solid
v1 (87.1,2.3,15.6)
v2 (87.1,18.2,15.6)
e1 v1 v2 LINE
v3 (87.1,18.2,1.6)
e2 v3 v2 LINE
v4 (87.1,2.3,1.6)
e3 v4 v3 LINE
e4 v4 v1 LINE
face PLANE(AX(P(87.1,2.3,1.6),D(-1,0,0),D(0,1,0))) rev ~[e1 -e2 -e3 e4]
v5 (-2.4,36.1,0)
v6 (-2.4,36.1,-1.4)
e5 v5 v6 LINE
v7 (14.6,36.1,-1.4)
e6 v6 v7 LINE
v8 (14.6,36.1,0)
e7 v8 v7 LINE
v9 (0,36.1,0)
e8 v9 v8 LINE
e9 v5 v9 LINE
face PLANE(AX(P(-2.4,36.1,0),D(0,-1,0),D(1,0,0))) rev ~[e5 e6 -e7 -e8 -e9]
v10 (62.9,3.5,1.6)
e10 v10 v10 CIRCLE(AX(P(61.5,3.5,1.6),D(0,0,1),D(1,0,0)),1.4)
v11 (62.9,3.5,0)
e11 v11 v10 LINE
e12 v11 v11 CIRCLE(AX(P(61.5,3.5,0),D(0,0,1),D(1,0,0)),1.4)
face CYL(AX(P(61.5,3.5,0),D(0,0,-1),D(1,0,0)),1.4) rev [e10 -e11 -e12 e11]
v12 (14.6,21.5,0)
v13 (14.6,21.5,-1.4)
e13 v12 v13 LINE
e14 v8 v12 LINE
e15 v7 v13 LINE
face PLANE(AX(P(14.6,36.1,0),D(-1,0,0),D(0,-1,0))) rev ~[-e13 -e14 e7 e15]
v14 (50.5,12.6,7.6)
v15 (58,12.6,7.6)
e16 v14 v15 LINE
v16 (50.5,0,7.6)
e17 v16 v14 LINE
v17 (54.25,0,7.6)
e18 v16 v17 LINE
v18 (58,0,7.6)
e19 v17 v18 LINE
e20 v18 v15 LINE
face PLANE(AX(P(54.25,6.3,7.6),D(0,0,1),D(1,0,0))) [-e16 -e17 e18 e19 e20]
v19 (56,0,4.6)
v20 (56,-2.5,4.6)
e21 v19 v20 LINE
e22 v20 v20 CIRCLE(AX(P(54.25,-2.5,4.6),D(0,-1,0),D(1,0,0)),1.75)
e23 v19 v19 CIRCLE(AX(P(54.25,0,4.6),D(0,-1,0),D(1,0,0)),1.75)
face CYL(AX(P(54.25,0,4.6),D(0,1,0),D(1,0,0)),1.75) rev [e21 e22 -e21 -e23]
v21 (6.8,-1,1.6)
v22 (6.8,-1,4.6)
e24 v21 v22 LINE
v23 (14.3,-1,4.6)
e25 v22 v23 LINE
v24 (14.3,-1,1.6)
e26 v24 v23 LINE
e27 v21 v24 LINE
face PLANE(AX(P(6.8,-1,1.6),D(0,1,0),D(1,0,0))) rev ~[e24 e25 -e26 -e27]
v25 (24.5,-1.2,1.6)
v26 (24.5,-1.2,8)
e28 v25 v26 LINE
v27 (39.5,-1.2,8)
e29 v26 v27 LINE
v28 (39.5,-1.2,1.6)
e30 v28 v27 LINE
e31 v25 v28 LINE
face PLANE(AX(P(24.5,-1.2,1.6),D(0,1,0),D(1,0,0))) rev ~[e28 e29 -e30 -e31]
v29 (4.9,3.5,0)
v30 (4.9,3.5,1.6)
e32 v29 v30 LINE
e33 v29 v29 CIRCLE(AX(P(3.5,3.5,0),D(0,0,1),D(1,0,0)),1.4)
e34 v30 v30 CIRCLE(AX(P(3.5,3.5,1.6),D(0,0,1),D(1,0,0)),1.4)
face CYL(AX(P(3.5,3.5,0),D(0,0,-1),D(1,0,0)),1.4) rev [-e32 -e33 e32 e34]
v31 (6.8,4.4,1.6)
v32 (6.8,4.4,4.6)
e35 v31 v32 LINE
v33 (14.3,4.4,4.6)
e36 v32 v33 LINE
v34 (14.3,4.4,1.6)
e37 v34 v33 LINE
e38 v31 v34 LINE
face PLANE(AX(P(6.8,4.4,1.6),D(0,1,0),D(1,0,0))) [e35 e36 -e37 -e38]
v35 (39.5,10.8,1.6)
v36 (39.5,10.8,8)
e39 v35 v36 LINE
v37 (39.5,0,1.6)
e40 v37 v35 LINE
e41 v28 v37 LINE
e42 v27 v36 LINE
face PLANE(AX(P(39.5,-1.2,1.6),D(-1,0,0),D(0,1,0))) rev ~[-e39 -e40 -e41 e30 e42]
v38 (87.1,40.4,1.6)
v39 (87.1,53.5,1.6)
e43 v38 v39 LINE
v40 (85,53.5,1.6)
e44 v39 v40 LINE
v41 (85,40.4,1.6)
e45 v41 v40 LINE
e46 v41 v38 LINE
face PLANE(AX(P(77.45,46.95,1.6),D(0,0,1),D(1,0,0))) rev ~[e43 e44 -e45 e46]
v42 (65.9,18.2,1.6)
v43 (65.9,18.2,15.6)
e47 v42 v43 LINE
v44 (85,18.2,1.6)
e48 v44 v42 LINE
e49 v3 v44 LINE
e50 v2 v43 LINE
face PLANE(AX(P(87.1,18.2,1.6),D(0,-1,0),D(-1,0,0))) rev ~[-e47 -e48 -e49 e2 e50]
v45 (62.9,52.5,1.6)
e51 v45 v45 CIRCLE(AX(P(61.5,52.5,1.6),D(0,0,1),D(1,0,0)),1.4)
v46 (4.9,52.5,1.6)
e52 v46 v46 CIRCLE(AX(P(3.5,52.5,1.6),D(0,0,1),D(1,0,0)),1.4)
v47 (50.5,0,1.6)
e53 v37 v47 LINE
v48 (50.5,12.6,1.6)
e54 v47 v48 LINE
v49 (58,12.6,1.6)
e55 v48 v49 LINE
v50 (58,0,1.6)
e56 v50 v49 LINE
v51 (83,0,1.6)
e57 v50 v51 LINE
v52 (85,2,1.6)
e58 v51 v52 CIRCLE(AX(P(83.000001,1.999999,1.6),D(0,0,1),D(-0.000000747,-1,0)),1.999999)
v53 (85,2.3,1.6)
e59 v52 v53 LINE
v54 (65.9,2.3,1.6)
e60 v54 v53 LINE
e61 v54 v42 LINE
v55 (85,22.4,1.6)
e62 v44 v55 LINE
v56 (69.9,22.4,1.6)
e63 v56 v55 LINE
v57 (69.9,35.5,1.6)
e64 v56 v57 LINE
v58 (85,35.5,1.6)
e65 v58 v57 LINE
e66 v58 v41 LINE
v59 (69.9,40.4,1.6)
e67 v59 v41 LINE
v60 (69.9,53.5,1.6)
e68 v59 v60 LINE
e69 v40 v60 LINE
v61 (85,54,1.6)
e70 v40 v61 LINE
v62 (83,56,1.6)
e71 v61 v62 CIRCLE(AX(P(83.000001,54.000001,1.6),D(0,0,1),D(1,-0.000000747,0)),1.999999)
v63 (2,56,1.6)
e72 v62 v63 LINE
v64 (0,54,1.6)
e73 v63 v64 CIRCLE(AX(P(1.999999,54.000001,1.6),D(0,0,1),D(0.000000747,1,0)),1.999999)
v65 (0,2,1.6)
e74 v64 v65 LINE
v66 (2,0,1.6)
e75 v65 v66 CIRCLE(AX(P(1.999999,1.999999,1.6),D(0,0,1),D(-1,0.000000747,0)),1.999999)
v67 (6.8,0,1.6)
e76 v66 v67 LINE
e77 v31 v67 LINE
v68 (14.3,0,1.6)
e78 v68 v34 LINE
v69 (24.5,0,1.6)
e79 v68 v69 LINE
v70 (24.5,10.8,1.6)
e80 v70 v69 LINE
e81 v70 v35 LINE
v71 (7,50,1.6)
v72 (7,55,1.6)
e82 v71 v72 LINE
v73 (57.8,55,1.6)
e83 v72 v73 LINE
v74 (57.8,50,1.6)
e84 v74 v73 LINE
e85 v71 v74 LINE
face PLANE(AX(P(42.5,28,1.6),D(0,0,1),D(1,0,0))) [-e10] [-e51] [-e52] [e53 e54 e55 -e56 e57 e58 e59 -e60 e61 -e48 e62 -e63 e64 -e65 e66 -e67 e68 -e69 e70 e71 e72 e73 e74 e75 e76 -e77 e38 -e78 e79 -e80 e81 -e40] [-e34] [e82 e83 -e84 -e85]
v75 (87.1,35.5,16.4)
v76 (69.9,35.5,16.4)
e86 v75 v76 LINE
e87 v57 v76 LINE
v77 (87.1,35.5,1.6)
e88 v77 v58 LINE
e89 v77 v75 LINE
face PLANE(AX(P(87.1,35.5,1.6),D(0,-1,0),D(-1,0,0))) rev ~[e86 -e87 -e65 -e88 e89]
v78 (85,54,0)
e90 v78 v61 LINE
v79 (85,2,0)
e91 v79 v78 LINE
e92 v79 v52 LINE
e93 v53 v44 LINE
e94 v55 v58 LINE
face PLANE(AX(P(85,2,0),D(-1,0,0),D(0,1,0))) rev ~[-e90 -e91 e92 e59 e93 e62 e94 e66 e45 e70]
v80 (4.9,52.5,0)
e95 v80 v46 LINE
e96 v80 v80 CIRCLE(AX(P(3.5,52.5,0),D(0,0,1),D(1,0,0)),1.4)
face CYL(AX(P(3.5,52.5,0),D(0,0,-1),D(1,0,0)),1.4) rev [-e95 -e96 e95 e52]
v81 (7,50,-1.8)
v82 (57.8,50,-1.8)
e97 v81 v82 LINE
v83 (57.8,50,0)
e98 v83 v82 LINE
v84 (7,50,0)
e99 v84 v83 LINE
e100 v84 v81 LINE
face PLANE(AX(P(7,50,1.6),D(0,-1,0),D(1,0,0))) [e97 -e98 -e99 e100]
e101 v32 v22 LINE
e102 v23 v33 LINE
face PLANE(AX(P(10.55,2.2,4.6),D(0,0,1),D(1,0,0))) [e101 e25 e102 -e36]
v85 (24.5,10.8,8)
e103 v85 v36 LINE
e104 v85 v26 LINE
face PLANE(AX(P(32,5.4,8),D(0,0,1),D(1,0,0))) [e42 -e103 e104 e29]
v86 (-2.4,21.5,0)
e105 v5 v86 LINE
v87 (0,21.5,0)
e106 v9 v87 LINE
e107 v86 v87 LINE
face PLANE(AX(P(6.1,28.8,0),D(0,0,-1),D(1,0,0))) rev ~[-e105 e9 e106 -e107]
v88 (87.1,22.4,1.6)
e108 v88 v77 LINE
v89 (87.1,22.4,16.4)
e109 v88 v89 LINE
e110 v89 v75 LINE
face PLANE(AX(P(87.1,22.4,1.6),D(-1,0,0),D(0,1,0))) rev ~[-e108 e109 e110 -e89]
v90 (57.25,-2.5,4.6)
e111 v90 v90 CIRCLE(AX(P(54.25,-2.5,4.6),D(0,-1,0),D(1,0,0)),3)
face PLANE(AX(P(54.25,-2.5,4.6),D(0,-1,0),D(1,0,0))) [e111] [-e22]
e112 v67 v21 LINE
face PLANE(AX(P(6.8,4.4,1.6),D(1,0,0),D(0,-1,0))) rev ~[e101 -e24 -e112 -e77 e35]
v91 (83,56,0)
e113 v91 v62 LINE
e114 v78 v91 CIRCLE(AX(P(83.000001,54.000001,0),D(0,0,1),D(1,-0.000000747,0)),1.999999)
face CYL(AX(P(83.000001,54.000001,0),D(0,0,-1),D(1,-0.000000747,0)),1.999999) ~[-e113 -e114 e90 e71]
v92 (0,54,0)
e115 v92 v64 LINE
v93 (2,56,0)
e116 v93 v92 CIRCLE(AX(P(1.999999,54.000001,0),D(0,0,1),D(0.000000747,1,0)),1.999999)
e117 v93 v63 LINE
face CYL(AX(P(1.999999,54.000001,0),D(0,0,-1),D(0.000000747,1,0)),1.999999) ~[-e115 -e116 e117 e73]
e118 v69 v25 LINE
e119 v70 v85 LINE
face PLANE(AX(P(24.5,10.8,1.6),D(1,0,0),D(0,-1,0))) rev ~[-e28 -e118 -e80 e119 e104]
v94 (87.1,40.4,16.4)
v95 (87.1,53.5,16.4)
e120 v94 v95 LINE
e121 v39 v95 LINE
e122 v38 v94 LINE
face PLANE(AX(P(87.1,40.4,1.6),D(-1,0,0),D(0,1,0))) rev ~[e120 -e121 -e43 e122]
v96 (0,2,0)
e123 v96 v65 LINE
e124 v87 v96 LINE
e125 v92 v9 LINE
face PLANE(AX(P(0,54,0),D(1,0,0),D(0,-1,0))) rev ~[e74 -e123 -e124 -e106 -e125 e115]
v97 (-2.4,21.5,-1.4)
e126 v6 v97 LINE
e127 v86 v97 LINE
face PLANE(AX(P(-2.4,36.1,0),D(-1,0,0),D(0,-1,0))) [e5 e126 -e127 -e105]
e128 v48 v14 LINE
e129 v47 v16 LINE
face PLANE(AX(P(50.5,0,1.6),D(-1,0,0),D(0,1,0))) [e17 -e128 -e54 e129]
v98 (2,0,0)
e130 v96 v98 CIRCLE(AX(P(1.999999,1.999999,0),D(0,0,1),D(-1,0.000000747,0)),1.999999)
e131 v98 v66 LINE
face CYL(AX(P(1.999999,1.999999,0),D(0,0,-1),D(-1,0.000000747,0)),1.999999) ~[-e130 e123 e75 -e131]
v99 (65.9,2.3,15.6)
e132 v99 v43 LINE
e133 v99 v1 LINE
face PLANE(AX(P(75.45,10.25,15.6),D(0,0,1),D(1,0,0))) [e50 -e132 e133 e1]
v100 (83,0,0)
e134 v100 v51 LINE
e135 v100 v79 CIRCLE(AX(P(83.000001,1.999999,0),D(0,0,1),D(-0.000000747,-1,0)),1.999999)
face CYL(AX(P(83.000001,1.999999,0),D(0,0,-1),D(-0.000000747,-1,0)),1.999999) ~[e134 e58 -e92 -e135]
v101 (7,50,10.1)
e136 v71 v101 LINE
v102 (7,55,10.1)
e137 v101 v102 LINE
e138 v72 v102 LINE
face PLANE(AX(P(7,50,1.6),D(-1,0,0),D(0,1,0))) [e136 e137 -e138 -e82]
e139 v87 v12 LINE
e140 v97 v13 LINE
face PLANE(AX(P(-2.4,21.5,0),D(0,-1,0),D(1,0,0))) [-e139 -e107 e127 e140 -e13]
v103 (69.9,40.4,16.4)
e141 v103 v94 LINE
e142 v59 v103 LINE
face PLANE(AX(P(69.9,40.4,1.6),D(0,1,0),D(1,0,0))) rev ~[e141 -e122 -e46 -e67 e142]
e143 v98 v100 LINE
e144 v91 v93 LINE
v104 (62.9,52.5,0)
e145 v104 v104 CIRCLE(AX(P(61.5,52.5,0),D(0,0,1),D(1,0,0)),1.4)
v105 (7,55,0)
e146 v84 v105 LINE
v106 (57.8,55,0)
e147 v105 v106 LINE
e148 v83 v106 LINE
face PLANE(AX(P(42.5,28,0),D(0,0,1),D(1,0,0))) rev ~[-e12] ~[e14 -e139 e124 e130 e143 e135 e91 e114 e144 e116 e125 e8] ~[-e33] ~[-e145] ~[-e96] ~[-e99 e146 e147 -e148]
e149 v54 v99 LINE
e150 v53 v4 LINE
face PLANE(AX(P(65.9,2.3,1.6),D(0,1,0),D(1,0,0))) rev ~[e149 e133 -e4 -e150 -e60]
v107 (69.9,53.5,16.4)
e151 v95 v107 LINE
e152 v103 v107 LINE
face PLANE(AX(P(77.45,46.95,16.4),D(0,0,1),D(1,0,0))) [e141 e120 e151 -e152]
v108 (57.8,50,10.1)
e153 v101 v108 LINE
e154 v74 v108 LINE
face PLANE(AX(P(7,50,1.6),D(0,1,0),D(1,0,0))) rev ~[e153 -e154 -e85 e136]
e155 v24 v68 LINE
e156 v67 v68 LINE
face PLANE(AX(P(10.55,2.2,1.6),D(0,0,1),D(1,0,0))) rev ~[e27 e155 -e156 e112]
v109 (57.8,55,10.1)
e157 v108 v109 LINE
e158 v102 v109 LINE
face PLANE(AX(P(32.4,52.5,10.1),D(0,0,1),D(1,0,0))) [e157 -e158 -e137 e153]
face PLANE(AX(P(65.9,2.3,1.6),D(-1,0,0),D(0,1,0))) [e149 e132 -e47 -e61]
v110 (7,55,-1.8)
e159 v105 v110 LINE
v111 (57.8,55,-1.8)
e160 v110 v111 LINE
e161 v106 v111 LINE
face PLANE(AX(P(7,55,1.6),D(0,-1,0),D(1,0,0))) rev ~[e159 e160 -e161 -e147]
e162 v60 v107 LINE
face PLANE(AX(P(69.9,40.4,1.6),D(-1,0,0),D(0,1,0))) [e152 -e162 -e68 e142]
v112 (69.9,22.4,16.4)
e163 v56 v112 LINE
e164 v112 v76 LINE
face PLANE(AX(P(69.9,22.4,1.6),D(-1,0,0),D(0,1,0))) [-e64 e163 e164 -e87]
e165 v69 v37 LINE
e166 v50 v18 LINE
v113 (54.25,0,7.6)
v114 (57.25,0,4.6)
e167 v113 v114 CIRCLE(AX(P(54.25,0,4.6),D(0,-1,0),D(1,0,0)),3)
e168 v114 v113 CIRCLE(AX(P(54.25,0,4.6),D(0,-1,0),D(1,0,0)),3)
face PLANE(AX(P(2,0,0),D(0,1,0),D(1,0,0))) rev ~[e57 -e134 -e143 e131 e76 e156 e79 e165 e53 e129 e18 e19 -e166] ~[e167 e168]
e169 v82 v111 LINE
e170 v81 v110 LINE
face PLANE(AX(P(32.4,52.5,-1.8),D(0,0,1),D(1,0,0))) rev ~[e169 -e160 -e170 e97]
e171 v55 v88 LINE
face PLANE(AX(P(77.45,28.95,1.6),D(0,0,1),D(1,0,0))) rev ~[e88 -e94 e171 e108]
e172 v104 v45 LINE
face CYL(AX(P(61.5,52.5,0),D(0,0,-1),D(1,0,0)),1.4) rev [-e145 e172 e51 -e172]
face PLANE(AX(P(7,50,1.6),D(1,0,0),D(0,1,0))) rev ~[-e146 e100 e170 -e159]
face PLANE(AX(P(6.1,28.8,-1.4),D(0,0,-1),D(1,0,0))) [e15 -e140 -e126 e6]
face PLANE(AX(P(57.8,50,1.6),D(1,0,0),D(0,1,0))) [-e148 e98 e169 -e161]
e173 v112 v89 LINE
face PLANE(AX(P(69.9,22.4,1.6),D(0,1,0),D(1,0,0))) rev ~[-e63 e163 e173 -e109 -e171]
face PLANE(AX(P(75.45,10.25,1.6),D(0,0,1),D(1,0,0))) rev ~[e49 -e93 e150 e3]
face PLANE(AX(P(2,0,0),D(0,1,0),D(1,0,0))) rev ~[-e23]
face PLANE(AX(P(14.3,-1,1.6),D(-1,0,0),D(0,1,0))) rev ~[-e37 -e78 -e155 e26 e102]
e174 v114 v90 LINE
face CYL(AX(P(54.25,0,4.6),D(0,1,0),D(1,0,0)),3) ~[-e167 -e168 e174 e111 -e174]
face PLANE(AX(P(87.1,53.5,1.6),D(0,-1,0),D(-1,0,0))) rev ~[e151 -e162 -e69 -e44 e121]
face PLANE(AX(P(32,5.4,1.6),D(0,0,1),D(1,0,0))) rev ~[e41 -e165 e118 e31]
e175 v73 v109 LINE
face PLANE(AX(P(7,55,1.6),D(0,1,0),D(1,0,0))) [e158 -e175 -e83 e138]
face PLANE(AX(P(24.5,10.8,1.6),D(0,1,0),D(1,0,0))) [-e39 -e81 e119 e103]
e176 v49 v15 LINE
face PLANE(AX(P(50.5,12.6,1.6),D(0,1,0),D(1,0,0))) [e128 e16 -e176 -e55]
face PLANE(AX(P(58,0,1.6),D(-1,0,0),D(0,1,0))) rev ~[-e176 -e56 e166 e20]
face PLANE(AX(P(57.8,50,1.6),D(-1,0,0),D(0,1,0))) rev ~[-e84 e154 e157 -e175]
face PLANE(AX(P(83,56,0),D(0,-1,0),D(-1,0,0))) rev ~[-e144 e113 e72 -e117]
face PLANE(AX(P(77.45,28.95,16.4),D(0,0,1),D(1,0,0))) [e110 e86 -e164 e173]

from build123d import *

# Parameters (mm, degrees)
F0_R      = 1.4
F1_DEPTH  = 1.6
F2_W      = 15.1
F2_H      = 13.1
F2_W_2    = 2.1
F3_DEPTH  = 14.8
F2_W_3    = 19.1
F2_H_2    = 15.9
F4_DEPTH  = 14
F5_W      = 50.8
F5_H      = 5
F6_DEPTH  = 8.5
F7_DEPTH  = 3.4
F8_W      = 17
F8_H      = 14.6
F9_DEPTH  = 1.4
F10_W     = 7.5
F10_H     = 4.4
F10_H_2   = 1
F11_DEPTH = 3
F10_W_2   = 15
F10_H_3   = 10.8
F10_H_4   = 1.2
F12_DEPTH = 6.4
F10_H_5   = 12.6
F13_DEPTH = 6
F14_R     = 3
F14_R_2   = 1.75
F15_DEPTH = 2.5


with BuildPart() as f1:
    # F0 (on Top) → F1 (new body)
    with BuildSketch(Plane.XY):
        with BuildLine():
            ThreePointArc((0, 2), (0.585786, 0.585786), (2, 0))
            Line((2, 0), (83, 0))
            ThreePointArc((83, 0), (84.414214, 0.585786), (85, 2))
            Line((85, 2), (85, 54))
            ThreePointArc((85, 54), (84.414214, 55.414214), (83, 56))
            Line((83, 56), (2, 56))
            ThreePointArc((2, 56), (0.585786, 55.414214), (0, 54))
            Line((0, 54), (0, 2))
        make_face()
        with Locations((3.5, 3.5)):
            Circle(F0_R, mode=Mode.SUBTRACT)
        with Locations((61.5, 3.5)):
            Circle(F0_R, mode=Mode.SUBTRACT)
        with Locations((3.5, 52.5)):
            Circle(F0_R, mode=Mode.SUBTRACT)
        with Locations((61.5, 52.5)):
            Circle(F0_R, mode=Mode.SUBTRACT)
    extrude(amount=F1_DEPTH)

    # F2 (on face) → F3 (join)
    with BuildSketch(Plane.XY.offset(1.6)):
        with Locations((77.45, 46.95)):
            Rectangle(F2_W, F2_H)
        with Locations((86.05, 46.95)):
            Rectangle(F2_W_2, F2_H)
        with Locations((77.45, 28.95)):
            Rectangle(F2_W, F2_H)
        with Locations((86.05, 28.95)):
            Rectangle(F2_W_2, F2_H)
    extrude(amount=F3_DEPTH)

    # F2 (on face) → F4 (join)
    with BuildSketch(Plane.XY.offset(1.6)):
        with Locations((75.45, 10.25)):
            Rectangle(F2_W_3, F2_H_2)
        with Locations((86.05, 10.25)):
            Rectangle(F2_W_2, F2_H_2)
    extrude(amount=F4_DEPTH)

    # F5 (on face) → F6 (join)
    with BuildSketch(Plane.XY.offset(1.6)):
        with Locations((32.4, 52.5)):
            Rectangle(F5_W, F5_H)
    extrude(amount=F6_DEPTH)

    # F5 (on face) → F7 (join)
    with BuildSketch(Plane.XY.offset(1.6)):
        with Locations((32.4, 52.5)):
            Rectangle(F5_W, F5_H)
    extrude(amount=-F7_DEPTH)

    # F8 (on face) → F9 (join)
    with BuildSketch(Plane(origin=(0, 0, 0), x_dir=(1, 0, 0), z_dir=(0, 0, -1))):
        with Locations((6.1, -28.8)):
            Rectangle(F8_W, F8_H)
    extrude(amount=F9_DEPTH)

    # F10 (on face) → F11 (join)
    with BuildSketch(Plane.XY.offset(1.6)):
        with Locations((10.55, 2.2)):
            Rectangle(F10_W, F10_H)
        with Locations((10.55, -0.5)):
            Rectangle(F10_W, F10_H_2)
    extrude(amount=F11_DEPTH)

    # F10 (on face) → F12 (join)
    with BuildSketch(Plane.XY.offset(1.6)):
        with Locations((32, 5.4)):
            Rectangle(F10_W_2, F10_H_3)
        with Locations((32, -0.6)):
            Rectangle(F10_W_2, F10_H_4)
    extrude(amount=F12_DEPTH)

    # F10 (on face) → F13 (join)
    with BuildSketch(Plane.XY.offset(1.6)):
        with Locations((54.25, 6.3)):
            Rectangle(F10_W, F10_H_5)
    extrude(amount=F13_DEPTH)

    # F14 (on face) → F15 (join)
    with BuildSketch(Plane.XZ):
        with Locations((54.25, 4.6)):
            Circle(F14_R)
        with Locations((54.25, 4.6)):
            Circle(F14_R_2, mode=Mode.SUBTRACT)
    extrude(amount=F15_DEPTH)


solid = f1.part
